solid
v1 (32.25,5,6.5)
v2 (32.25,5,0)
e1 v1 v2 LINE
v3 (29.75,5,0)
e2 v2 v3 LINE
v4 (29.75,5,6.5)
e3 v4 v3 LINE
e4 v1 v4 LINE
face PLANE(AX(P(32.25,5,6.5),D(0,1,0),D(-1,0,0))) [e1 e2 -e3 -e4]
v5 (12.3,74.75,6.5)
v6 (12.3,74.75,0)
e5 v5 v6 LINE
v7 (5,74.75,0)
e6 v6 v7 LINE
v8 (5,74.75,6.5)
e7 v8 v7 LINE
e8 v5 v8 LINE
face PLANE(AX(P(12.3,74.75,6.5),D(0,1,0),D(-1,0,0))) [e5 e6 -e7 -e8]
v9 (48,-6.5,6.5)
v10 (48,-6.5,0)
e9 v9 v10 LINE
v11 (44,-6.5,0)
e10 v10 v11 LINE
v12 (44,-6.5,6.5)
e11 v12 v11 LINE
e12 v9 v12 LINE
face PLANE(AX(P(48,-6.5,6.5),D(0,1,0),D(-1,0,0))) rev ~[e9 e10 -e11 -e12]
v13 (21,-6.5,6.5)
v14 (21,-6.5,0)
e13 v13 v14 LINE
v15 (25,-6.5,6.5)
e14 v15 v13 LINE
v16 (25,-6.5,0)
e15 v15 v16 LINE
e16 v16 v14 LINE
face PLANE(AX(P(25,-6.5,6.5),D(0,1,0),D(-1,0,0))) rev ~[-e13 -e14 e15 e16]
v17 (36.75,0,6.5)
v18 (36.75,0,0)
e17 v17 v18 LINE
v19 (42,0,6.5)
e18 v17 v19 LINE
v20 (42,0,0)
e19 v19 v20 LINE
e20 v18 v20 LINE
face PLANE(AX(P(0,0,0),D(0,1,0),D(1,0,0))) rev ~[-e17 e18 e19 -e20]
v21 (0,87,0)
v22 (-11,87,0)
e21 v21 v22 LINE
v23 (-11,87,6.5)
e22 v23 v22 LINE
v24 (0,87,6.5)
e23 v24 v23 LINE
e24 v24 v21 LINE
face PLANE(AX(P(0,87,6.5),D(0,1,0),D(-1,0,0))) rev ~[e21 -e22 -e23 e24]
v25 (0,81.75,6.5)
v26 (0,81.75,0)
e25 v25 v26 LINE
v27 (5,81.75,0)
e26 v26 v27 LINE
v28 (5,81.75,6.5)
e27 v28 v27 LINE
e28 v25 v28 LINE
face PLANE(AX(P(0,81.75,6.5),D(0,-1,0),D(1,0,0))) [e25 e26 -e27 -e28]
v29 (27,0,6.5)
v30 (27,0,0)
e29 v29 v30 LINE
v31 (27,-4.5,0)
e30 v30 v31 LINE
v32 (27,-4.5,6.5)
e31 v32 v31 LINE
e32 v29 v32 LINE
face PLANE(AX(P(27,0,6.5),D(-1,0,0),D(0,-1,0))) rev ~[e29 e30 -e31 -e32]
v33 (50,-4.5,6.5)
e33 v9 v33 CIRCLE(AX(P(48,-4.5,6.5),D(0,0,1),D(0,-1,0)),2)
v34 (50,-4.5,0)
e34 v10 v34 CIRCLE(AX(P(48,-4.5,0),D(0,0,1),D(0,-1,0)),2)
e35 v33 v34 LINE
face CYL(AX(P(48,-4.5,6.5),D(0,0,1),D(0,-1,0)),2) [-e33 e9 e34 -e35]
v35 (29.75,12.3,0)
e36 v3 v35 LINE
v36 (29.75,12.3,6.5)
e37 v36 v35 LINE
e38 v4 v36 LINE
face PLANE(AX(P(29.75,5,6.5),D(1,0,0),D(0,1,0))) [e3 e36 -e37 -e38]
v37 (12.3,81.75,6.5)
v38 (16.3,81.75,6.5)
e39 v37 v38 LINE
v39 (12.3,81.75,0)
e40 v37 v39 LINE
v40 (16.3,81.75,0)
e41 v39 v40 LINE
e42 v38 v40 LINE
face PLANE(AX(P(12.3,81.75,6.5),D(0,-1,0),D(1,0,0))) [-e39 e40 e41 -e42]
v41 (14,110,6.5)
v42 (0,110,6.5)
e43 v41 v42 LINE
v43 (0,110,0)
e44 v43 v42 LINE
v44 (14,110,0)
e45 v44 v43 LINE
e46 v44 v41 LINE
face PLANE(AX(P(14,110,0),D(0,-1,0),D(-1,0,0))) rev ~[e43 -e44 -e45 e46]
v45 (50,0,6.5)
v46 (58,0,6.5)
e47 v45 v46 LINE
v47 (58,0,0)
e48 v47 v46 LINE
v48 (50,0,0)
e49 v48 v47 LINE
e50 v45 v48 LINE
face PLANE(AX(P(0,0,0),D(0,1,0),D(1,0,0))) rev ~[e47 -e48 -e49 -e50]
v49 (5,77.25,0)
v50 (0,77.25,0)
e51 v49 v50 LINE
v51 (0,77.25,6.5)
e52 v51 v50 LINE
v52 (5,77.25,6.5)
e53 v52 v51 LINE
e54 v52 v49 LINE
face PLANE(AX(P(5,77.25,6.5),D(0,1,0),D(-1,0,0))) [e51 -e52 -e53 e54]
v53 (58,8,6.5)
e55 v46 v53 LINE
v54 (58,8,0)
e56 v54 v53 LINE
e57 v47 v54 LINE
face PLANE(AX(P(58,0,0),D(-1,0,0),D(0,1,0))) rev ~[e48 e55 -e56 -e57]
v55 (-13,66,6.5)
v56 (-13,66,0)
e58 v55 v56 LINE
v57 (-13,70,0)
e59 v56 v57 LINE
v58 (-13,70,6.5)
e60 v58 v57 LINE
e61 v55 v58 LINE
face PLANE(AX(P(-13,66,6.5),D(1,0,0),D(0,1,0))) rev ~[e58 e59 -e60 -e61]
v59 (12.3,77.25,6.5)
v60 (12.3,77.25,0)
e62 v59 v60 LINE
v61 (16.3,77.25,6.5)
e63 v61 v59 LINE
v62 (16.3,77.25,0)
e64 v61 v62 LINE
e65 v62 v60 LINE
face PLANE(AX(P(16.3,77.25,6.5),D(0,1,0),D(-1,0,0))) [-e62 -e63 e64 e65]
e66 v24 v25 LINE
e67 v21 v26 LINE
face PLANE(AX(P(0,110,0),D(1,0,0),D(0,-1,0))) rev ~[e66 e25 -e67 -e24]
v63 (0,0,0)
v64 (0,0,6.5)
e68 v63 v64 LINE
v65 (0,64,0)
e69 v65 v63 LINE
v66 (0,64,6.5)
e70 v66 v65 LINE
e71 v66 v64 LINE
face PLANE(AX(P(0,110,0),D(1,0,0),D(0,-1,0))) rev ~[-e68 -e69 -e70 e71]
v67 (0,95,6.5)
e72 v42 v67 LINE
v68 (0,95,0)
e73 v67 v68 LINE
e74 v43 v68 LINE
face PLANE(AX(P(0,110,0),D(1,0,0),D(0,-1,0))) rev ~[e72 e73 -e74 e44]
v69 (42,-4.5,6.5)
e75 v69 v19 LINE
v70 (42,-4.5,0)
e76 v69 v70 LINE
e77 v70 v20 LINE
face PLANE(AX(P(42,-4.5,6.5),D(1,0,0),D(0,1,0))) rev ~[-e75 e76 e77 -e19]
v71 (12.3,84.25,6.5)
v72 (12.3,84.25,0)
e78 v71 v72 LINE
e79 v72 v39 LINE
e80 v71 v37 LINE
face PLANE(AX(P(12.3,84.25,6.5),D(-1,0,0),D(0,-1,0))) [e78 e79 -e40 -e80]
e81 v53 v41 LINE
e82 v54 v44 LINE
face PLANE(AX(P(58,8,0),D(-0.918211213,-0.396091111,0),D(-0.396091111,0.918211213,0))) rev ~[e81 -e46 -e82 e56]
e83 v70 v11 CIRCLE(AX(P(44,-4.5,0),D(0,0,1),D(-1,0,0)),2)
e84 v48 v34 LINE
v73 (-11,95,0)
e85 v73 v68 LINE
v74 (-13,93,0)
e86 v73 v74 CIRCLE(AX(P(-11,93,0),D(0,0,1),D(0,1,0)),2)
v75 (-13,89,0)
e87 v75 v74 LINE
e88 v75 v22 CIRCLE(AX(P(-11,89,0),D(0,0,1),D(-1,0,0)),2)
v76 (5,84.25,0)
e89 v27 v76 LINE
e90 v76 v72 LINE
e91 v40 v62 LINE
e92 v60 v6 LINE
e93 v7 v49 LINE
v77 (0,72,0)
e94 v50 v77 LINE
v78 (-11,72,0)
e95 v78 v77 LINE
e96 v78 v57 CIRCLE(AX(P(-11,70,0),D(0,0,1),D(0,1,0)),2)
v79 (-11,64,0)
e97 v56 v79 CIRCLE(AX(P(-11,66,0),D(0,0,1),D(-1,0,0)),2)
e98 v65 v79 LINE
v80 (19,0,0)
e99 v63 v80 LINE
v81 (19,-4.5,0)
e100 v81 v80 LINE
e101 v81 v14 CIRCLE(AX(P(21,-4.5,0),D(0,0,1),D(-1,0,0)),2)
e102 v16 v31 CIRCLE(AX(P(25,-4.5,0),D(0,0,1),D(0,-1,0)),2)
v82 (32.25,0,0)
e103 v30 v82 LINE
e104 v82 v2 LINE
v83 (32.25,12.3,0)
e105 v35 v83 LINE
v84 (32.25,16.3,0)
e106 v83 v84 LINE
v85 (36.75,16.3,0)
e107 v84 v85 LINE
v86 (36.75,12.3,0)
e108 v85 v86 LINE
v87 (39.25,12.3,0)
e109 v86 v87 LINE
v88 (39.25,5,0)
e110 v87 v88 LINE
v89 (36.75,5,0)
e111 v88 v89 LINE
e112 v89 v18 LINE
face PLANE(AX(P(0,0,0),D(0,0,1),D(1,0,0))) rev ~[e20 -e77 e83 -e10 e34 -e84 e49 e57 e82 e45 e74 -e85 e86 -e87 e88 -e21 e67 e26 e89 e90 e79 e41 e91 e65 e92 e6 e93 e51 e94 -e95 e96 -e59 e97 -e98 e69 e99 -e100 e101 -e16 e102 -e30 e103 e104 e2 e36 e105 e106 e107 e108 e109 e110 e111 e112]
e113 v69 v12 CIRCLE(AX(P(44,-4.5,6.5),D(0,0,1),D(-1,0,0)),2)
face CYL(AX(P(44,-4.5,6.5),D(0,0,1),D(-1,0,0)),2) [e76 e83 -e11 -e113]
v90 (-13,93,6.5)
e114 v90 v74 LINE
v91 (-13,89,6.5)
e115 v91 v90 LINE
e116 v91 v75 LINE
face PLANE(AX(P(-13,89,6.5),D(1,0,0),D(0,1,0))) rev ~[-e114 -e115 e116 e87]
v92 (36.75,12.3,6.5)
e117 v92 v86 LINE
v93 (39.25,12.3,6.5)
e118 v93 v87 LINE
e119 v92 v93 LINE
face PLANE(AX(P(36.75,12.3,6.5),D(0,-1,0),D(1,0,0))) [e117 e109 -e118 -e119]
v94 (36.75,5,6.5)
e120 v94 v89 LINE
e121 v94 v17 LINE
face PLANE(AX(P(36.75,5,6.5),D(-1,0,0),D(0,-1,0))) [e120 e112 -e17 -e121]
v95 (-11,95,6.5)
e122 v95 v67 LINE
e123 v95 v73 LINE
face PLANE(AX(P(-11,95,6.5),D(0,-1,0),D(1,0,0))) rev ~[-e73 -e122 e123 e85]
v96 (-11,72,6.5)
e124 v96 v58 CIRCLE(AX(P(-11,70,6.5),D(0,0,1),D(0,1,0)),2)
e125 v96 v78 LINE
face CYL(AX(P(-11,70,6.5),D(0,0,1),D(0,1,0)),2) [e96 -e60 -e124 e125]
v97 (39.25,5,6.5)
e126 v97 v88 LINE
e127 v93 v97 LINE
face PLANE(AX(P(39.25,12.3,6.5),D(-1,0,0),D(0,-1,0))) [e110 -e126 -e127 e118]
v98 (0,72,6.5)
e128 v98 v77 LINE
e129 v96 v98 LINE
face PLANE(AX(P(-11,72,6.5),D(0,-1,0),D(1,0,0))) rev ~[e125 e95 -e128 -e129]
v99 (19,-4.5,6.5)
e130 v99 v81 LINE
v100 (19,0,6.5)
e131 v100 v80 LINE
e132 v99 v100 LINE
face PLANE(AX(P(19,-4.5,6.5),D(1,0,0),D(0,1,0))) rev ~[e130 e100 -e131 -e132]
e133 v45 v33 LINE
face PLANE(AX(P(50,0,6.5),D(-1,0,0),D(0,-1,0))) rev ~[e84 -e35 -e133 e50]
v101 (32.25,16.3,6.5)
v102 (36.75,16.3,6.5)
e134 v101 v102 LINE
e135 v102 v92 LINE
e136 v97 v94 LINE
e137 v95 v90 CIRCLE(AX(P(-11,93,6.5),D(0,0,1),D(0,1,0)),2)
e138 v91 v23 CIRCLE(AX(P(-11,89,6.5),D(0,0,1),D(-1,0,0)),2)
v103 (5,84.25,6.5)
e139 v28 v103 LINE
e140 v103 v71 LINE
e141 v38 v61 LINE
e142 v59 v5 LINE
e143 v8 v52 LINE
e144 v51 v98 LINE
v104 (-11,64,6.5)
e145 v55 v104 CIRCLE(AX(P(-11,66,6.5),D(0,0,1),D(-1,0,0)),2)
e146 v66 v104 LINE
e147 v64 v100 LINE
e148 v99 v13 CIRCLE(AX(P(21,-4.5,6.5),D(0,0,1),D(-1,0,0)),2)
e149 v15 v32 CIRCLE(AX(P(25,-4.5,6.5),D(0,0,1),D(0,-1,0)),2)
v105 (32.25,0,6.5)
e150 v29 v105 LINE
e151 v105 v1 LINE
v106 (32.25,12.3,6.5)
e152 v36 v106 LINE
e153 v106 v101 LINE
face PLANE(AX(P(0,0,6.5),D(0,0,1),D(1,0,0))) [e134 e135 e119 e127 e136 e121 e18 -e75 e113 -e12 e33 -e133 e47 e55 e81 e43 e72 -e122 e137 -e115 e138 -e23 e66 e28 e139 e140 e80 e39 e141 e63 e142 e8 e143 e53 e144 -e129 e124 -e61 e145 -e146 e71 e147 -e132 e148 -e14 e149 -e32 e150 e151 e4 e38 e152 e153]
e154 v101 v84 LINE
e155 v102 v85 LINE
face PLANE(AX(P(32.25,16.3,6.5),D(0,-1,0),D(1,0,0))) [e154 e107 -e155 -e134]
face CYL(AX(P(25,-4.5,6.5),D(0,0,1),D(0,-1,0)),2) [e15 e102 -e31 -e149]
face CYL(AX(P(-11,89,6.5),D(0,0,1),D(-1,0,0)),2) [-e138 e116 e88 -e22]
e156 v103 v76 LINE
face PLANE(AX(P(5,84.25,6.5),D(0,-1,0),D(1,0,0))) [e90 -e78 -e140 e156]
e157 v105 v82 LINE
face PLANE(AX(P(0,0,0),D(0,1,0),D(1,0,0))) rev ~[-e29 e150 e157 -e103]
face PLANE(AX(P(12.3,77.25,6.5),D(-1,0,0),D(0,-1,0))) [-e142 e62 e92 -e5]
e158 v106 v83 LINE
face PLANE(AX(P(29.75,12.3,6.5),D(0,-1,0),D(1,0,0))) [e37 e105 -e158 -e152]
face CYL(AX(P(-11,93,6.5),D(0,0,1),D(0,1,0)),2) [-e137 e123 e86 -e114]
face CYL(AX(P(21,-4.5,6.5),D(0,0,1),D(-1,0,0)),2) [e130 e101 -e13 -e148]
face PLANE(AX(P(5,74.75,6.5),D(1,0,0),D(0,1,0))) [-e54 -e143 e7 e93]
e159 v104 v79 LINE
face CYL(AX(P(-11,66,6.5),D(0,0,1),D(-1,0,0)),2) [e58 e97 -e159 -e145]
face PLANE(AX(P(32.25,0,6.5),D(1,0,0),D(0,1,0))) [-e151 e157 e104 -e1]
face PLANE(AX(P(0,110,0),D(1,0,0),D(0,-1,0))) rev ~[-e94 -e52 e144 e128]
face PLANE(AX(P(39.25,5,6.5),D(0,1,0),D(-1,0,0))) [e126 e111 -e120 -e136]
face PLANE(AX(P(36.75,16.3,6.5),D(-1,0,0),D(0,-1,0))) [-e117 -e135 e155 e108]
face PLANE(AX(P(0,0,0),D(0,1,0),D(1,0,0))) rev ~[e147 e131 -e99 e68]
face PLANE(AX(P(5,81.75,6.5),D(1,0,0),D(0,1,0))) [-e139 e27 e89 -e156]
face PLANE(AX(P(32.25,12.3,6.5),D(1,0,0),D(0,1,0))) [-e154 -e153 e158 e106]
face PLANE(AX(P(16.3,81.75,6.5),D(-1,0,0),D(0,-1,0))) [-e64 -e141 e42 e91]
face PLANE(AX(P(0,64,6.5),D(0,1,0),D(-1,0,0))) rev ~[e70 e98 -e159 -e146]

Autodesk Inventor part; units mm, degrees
ref_plane "YZ Plane" through (0, 0, 0) normal (1, 0, 0) x (0, 1, 0)
ref_plane "XZ Plane" through (0, 0, 0) normal (0, 1, 0) x (-1, 0, 0)
ref_plane "XY Plane" through (0, 0, 0) normal (0, 0, 1) x (1, 0, 0)
sketch "Sketch1" plane through (0, 0, 0) normal (0, 0, 1) x (1, 0, 0)
  line L0 (0, 110) -> (0, 0)
  line L1 (0, 0) -> (58, 0)
  line L2 (58, 0) -> (58, 8)
  line L3 (58, 8) -> (14, 110)
  line L4 (14, 110) -> (0, 110)
  dimension "d0" = 58
  dimension "d1" = 8
  dimension "d2" = 14
  dimension "d59" = 110
extrude "Extrusion1" add sketch "Sketch1" along normal blind 6.5
sketch "Sketch4" plane through (0, 0, 6.5) normal (0, 0, 1) x (1, 0, 0)
  line L0 (0, 110) -> (0, 0) projected
  line L1 (0, 0) -> (58, 0) projected
  line L2 (0, 64) -> (-11, 64)
  line L3 (-13, 66) -> (-13, 70)
  line L4 (-11, 72) -> (0, 72)
  line L5 (0, 72) -> (0, 64)
  line L6 (0, 87) -> (-11, 87)
  line L7 (-13, 89) -> (-13, 93)
  line L8 (-11, 95) -> (0, 95)
  line L9 (0, 95) -> (0, 87)
  line L10 (19, 0) -> (27, 0)
  line L11 (27, 0) -> (27, -4.5)
  line L12 (25, -6.5) -> (21, -6.5)
  line L13 (19, -4.5) -> (19, 0)
  line L14 (42, 0) -> (50, 0)
  line L15 (50, 0) -> (50, -4.5)
  line L16 (48, -6.5) -> (44, -6.5)
  line L17 (42, -4.5) -> (42, 0)
  arc A0 (-11, 95) -> (-13, 93) centre (-11, 93) ccw
  arc A1 (-13, 89) -> (-11, 87) centre (-11, 89) ccw
  arc A2 (-11, 72) -> (-13, 70) centre (-11, 70) ccw
  arc A3 (-13, 66) -> (-11, 64) centre (-11, 66) ccw
  arc A4 (19, -4.5) -> (21, -6.5) centre (21, -4.5) ccw
  arc A5 (25, -6.5) -> (27, -4.5) centre (25, -4.5) ccw
  arc A6 (42, -4.5) -> (44, -6.5) centre (44, -4.5) ccw
  arc A7 (48, -6.5) -> (50, -4.5) centre (48, -4.5) ccw
  line L18 (14, 110) -> (0, 110) projected
  dimension "d30" = 2
  dimension "d31" = 8
  dimension "d32" = 8
  dimension "d33" = 8
  dimension "d34" = 8
  dimension "d35" = 13
  dimension "d36" = 6.5
  dimension "d37" = 15
  dimension "d38" = 15
  dimension "d39" = 19
  dimension "d60" = 15
extrude "Extrusion3" add sketch "Sketch4" against normal blind 6.5
sketch "Sketch5" plane through (0, 0, 6.5) normal (0, 0, 1) x (1, 0, 0)
  line L0 (0, 87) -> (0, 72) projected
  line L1 (0, 72) -> (-11, 72) projected
  line L2 (27, 0) -> (42, 0) projected
  line L3 (42, 0) -> (42, -4.5) projected
  line L4 (16.3, 81.75) -> (16.3, 77.25)
  line L5 (0, 77.25) -> (0, 81.75)
  line L6 (5, 84.25) -> (12.3, 84.25)
  line L7 (12.3, 74.75) -> (5, 74.75)
  line L8 (32.25, 16.3) -> (36.75, 16.3)
  line L9 (36.75, 0) -> (32.25, 0)
  line L10 (39.25, 12.3) -> (39.25, 5)
  line L11 (29.75, 5) -> (29.75, 12.3)
  line L12 (0, 81.75) -> (5, 81.75)
  line L13 (12.3, 81.75) -> (16.3, 81.75)
  line L14 (16.3, 77.25) -> (12.3, 77.25)
  line L15 (5, 77.25) -> (0, 77.25)
  line L16 (5, 74.75) -> (5, 77.25)
  line L17 (5, 81.75) -> (5, 84.25)
  line L18 (12.3, 84.25) -> (12.3, 81.75)
  line L19 (12.3, 77.25) -> (12.3, 74.75)
  line L20 (32.25, 0) -> (32.25, 5)
  line L21 (32.25, 12.3) -> (32.25, 16.3)
  line L22 (36.75, 16.3) -> (36.75, 12.3)
  line L23 (36.75, 5) -> (36.75, 0)
  line L24 (29.75, 12.3) -> (32.25, 12.3)
  line L25 (36.75, 12.3) -> (39.25, 12.3)
  line L26 (39.25, 5) -> (36.75, 5)
  line L27 (32.25, 5) -> (29.75, 5)
  point P0 (16.3, 79.5)
  point P1 (34.5, 16.3)
  dimension "d43" = 4.5
  dimension "d44" = 4.5
  dimension "d45" = 5
  dimension "d46" = 4
  dimension "d47" = 7.3
  dimension "d48" = 4
  dimension "d49" = 5
  dimension "d50" = 7.3
  dimension "d51" = 2.5
  dimension "d52" = 2.5
  dimension "d53" = 2.5
  dimension "d54" = 2.5
  dimension "d55" = 7.5
  dimension "d56" = 7.5
extrude "Extrusion4" cut sketch "Sketch5" against normal through all
properties part number "z_motor_brace"
